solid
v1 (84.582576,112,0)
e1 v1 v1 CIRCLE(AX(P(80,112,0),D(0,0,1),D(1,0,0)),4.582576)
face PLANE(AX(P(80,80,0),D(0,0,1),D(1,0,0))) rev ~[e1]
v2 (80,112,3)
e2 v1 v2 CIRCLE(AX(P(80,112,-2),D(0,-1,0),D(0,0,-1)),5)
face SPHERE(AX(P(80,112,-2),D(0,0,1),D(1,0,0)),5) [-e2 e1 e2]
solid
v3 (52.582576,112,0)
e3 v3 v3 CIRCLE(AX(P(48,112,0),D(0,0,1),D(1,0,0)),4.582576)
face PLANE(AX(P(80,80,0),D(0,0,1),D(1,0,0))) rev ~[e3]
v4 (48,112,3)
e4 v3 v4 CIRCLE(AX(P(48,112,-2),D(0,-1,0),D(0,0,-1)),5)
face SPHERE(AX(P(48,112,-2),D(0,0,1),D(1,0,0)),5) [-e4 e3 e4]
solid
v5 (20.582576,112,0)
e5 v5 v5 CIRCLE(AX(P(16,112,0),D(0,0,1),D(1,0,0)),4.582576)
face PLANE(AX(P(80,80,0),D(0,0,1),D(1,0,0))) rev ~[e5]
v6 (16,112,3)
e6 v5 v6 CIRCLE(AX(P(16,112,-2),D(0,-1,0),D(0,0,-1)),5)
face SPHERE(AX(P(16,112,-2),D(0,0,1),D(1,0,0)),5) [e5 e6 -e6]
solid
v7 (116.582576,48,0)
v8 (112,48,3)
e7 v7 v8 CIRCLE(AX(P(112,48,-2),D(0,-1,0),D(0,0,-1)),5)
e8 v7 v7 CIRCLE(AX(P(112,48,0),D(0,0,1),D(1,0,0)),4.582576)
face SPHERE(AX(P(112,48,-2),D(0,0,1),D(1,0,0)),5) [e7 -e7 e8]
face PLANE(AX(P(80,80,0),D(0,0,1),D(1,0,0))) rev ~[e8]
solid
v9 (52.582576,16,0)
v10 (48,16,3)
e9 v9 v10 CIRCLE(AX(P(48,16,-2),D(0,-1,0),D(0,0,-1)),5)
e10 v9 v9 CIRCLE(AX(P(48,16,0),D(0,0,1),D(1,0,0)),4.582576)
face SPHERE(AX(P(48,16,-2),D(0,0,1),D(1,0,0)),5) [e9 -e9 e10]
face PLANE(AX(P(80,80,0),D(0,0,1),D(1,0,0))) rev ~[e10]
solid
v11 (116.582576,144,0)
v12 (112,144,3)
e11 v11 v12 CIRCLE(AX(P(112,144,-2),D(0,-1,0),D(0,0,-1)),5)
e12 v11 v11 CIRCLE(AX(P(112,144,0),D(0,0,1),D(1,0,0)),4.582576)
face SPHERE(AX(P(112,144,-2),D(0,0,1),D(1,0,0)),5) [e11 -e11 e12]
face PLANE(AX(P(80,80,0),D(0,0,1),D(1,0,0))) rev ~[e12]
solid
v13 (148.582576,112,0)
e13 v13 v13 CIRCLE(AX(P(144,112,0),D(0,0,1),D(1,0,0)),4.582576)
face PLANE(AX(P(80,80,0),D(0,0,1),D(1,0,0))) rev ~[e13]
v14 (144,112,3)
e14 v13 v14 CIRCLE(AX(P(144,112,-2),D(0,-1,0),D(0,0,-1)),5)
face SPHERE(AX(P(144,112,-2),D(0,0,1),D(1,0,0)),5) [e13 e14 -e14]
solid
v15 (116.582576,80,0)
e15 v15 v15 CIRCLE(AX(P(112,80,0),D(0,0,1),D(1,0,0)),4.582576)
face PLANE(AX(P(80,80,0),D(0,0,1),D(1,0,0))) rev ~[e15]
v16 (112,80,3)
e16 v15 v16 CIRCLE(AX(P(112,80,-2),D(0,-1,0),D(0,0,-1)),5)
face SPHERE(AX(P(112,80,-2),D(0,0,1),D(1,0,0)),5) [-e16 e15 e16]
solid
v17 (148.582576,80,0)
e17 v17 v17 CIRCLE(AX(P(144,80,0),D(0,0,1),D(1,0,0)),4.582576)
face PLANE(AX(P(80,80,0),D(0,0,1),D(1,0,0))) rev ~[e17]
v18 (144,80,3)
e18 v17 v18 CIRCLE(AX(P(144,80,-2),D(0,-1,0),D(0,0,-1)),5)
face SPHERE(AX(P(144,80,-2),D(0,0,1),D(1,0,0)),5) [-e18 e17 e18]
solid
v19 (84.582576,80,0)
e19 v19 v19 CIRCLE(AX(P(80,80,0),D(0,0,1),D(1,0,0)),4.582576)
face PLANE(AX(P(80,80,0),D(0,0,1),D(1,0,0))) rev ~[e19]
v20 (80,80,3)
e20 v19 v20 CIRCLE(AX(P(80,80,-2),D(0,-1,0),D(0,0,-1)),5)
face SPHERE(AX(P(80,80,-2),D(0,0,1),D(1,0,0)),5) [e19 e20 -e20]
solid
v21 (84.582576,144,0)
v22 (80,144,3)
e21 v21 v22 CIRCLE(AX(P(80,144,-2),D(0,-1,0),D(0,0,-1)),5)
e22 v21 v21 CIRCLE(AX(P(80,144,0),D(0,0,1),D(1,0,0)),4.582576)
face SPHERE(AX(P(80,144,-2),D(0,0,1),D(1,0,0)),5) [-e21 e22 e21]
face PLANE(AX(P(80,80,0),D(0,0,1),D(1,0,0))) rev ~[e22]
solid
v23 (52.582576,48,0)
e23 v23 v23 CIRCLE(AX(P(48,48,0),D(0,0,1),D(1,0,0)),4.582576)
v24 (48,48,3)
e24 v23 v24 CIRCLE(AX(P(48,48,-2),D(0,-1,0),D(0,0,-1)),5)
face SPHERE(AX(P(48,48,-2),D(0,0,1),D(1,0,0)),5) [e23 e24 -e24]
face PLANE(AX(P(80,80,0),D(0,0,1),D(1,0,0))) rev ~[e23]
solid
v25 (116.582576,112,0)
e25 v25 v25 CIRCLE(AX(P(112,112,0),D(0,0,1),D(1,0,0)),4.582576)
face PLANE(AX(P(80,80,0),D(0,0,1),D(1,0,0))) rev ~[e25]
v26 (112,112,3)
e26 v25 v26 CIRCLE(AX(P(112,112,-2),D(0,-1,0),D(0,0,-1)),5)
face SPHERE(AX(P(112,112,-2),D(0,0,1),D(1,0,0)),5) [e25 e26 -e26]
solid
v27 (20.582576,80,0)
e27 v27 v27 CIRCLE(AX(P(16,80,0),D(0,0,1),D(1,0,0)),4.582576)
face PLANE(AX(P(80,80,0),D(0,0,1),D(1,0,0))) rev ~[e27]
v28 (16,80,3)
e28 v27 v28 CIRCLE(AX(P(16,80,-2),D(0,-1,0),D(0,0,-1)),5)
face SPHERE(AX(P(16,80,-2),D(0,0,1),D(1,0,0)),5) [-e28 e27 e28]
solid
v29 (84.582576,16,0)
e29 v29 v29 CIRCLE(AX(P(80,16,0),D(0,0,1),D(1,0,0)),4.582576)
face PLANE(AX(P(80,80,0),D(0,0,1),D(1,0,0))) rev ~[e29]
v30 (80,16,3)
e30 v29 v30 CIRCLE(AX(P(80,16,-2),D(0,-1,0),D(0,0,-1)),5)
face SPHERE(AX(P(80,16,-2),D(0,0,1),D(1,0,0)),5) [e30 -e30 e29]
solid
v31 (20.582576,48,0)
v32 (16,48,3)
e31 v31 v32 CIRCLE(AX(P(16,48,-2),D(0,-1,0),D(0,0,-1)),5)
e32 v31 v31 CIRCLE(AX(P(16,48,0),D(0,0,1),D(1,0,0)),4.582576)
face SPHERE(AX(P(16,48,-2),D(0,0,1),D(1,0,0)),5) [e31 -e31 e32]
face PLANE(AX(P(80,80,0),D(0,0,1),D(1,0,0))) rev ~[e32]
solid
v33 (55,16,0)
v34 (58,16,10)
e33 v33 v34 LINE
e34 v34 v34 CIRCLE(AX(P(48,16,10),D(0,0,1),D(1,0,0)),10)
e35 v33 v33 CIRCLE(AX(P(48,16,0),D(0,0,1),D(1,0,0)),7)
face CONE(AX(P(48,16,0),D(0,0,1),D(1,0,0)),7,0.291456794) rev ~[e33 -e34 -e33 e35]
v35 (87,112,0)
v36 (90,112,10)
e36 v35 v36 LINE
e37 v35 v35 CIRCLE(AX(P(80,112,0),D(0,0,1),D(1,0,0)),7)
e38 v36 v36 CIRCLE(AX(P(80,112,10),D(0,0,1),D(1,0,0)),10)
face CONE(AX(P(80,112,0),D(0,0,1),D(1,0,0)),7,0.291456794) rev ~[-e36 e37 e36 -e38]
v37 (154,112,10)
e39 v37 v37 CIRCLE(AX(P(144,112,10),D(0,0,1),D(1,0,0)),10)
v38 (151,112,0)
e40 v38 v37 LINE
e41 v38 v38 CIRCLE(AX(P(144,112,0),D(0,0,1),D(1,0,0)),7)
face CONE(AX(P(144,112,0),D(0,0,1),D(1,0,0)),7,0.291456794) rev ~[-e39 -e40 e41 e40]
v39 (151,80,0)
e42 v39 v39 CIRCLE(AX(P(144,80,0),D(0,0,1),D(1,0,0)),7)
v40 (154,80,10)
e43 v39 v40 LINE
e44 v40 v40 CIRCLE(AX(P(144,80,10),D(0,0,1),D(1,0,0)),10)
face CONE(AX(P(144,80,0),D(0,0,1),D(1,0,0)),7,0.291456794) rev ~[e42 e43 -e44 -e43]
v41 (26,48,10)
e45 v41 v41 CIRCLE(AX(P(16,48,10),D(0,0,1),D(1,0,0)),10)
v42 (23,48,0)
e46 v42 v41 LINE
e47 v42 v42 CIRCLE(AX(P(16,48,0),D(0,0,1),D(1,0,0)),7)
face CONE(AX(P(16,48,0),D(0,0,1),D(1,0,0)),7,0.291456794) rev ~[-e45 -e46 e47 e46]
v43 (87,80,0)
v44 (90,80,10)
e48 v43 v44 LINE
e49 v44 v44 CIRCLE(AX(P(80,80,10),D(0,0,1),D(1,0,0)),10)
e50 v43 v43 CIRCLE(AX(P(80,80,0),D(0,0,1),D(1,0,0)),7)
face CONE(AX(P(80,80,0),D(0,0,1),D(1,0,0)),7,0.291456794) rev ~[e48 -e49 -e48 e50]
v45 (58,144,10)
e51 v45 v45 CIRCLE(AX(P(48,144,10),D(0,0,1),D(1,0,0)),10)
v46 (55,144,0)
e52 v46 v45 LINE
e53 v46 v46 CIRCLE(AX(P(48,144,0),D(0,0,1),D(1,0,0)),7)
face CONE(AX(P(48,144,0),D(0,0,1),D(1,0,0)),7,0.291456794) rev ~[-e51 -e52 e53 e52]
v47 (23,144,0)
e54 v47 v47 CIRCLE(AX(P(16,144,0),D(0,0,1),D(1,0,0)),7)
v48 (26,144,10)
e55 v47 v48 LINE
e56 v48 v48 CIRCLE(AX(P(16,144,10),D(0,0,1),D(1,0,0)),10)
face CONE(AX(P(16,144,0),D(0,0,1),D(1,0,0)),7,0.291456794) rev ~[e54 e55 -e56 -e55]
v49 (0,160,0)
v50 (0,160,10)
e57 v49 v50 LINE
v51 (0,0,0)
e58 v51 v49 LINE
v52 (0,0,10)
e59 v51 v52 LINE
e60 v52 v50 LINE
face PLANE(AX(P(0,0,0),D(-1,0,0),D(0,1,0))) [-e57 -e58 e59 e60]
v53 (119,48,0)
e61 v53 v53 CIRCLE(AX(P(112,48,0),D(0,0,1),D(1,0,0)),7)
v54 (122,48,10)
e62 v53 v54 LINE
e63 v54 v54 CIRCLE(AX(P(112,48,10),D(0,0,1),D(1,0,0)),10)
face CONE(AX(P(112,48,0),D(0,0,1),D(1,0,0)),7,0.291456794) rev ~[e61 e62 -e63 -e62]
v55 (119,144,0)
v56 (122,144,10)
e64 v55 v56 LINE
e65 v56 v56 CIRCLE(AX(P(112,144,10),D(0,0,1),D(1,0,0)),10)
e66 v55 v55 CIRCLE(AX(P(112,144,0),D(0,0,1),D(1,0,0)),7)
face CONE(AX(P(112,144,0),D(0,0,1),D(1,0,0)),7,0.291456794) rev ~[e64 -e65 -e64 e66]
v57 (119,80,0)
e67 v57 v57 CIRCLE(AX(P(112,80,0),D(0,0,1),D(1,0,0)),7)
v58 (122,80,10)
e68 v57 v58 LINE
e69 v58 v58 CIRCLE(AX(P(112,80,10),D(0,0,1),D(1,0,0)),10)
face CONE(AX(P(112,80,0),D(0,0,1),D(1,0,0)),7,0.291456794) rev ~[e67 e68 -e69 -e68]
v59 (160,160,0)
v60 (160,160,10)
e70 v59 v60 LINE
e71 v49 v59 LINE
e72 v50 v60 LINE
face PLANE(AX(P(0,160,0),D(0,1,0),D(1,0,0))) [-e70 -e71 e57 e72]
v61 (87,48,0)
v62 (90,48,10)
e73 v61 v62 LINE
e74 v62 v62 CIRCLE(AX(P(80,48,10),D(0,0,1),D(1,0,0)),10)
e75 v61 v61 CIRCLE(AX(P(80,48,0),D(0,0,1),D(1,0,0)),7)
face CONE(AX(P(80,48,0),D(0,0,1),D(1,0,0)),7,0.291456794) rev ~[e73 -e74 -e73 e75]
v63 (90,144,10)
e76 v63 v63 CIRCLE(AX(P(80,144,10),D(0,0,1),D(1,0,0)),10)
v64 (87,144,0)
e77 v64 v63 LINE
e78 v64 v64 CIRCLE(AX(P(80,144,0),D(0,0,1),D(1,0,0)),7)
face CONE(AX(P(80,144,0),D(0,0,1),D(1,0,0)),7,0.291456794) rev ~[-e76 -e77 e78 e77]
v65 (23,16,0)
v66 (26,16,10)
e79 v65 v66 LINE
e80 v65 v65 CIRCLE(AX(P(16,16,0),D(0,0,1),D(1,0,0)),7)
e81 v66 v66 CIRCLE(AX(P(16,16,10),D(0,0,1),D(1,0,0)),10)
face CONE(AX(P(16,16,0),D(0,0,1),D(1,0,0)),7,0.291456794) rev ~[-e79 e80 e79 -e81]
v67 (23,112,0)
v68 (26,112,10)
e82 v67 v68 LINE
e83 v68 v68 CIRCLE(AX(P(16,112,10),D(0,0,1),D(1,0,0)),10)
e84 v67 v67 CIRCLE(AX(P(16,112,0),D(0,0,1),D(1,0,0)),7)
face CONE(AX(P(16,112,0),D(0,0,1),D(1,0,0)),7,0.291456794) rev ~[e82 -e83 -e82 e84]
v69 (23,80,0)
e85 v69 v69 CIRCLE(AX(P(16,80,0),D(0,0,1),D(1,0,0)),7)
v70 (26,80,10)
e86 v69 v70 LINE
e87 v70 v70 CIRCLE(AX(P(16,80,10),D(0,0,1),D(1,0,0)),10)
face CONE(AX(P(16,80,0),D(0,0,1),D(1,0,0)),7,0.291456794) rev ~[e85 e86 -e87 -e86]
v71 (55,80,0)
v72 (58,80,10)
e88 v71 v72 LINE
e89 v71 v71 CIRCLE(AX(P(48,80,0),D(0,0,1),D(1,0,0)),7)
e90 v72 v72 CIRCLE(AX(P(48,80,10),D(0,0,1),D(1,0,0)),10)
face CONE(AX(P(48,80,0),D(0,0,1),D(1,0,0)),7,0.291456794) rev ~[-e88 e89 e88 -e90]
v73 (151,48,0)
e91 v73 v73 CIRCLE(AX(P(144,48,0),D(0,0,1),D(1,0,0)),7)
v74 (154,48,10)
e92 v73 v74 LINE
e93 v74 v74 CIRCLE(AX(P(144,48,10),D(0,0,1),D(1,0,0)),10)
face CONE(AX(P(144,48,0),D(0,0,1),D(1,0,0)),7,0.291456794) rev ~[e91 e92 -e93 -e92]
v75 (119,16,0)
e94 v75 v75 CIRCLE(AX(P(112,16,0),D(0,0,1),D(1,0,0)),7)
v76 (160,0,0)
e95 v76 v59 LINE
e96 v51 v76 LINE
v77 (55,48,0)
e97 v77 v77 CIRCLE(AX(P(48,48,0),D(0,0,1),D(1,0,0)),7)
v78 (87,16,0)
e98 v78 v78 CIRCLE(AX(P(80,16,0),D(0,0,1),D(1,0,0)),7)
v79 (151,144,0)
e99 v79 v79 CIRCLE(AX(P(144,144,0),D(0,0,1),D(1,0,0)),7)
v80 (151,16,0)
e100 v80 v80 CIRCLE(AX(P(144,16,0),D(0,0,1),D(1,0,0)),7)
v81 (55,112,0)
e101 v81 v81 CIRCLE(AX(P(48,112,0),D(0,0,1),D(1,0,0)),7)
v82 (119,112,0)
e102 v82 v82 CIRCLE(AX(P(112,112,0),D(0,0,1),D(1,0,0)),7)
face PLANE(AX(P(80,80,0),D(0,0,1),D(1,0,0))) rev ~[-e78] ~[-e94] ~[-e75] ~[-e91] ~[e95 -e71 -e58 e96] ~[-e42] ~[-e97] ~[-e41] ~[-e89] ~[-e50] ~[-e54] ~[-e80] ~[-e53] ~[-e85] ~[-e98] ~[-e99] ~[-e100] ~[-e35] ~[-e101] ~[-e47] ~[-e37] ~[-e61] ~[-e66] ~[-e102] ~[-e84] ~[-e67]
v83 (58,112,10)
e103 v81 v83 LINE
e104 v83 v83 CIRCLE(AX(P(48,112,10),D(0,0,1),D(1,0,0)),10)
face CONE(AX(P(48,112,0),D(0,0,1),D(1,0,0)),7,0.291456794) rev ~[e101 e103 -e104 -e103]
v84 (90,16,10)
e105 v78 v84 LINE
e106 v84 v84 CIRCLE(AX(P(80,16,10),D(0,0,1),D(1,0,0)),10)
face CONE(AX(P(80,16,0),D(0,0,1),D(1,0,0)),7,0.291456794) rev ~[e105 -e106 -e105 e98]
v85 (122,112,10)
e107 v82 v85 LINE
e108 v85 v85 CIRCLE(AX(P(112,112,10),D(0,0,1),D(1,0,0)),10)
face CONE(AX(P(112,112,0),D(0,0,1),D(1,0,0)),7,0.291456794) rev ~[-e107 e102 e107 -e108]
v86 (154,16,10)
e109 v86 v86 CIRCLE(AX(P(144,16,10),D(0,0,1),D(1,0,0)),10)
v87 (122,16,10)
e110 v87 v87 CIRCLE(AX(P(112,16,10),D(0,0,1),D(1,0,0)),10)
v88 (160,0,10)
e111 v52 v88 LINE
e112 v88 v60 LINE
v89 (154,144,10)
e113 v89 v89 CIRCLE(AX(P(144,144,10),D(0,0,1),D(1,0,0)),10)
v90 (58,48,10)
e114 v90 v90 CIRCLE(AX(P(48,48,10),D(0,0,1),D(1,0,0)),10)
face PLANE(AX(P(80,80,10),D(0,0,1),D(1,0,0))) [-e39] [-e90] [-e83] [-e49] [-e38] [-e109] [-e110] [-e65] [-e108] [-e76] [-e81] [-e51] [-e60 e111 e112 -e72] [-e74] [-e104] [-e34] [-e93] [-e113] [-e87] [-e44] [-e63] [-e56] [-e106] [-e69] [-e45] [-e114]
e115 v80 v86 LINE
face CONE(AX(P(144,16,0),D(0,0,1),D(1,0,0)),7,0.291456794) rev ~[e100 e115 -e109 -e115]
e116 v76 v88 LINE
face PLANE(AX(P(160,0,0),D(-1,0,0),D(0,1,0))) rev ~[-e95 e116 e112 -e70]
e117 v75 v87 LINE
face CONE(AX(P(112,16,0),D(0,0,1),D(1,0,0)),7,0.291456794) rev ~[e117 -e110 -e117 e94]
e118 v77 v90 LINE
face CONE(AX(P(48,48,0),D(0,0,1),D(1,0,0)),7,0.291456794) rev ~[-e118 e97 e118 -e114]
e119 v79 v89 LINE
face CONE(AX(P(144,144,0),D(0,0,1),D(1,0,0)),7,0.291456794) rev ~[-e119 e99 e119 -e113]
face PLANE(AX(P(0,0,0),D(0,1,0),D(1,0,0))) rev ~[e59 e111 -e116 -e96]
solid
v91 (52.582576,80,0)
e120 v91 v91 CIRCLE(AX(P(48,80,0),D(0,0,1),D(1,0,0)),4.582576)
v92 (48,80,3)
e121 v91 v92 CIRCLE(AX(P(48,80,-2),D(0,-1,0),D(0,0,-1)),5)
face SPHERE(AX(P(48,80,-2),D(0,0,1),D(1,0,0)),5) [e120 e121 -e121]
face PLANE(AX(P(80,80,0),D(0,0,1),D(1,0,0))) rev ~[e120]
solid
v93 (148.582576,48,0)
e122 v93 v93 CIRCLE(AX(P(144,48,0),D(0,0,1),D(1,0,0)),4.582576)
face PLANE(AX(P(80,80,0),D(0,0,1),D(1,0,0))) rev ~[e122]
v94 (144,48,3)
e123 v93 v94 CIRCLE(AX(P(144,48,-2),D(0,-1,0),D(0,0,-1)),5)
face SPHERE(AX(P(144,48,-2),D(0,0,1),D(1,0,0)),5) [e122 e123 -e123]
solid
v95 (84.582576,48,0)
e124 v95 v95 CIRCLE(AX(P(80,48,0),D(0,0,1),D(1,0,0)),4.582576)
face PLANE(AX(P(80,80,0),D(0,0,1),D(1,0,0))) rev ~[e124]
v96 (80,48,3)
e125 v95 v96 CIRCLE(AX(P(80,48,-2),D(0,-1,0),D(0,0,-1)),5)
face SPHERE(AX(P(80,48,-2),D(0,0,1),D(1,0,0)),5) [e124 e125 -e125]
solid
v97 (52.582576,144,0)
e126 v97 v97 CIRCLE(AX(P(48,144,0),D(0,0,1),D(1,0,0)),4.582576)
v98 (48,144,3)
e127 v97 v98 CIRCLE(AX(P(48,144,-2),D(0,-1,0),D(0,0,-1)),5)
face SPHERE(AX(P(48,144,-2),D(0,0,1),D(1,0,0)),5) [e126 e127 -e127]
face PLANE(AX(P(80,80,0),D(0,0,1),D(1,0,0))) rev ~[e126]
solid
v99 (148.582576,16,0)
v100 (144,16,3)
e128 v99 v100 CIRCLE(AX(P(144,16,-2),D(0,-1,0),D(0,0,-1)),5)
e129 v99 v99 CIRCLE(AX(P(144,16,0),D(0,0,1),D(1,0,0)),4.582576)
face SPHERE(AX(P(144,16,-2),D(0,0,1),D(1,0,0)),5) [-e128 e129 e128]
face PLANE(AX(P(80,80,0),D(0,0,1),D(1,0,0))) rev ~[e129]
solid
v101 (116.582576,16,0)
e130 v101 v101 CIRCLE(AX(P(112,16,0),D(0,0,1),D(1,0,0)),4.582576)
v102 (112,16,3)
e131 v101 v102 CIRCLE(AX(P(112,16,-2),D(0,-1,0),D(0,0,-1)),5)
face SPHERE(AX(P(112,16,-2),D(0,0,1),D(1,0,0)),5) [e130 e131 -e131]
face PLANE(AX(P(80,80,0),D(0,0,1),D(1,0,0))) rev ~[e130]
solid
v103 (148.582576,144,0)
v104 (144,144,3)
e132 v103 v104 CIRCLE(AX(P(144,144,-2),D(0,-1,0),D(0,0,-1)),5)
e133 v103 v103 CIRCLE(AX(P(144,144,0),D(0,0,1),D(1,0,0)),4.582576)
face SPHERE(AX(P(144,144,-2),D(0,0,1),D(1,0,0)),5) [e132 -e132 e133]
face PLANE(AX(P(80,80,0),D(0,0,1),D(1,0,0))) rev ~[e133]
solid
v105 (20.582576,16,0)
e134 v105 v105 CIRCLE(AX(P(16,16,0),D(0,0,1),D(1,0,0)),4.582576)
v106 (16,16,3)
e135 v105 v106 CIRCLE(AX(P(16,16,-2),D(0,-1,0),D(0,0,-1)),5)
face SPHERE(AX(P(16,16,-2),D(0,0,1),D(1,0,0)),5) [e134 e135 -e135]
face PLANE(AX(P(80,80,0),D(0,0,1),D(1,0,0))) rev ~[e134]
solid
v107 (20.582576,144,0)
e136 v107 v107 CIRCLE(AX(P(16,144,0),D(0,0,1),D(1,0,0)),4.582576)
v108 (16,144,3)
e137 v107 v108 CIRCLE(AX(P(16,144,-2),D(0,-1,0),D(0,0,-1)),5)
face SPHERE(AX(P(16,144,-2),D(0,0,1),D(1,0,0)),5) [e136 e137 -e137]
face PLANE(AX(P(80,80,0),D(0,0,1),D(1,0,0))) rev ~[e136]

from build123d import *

# Parameters (mm, degrees)
ARRAY002_X_COUNT = 5
ARRAY002_X_PITCH = 32
ARRAY002_Y_COUNT = 5
ARRAY002_Y_PITCH = 32
BOX001_W         = 160
BOX001_H         = 160
BOX001_DEPTH     = 10


with BuildPart() as sphere001:
    # Sphere001 → Sphere001 (revolve)
    with BuildSketch(Plane(origin=(0, 0, 36), x_dir=(1, 0, 0), z_dir=(0, -1, 0))):
        with BuildLine():
            ThreePointArc((0, -5), (5, 0), (0, 5))
            Line((0, 5), (0, -5))
        make_face()
    revolve(axis=Axis((0, 0, 36), (0, 0, 1)))


with BuildPart() as agujerosbajos:
    # Cone001 → Cone001 (revolve)
    with BuildSketch(Plane(origin=(0, 0, 38), x_dir=(1, 0, 0), z_dir=(0, -1, 0))):
        Polygon((0, 0), (7, 0), (10, 10), (0, 10), align=None)
    revolve(axis=Axis((0, 0, 38), (0, 0, 1)))

    # Cut001: cut Sphere001
    add(sphere001.part, mode=Mode.SUBTRACT)


with BuildPart() as agujerosbajos_1:
    # Cut001 placement: moved
    add(agujerosbajos.part.moved(Location((16, 16, -38))))

    # Array002 X: AgujerosBajos ×5


with BuildPart() as agujerosbajos_2:
    add(agujerosbajos_1.part)
    with Locations(*[(i * ARRAY002_X_PITCH, 0, 0) for i in range(1, ARRAY002_X_COUNT)]):
        add(agujerosbajos_1.part)

    # Array002 Y: AgujerosBajos ×5


with BuildPart() as agujerosbajos_3:
    add(agujerosbajos_2.part)
    with Locations(*[(0, i * ARRAY002_Y_PITCH, 0) for i in range(1, ARRAY002_Y_COUNT)]):
        add(agujerosbajos_2.part)


with BuildPart() as baseconagujeros:
    # Box001 → Box001 (new body)
    with BuildSketch(Plane.XY):
        with Locations((80, 80)):
            Rectangle(BOX001_W, BOX001_H)
    extrude(amount=BOX001_DEPTH)

    # Cut002: cut AgujerosBajos
    add(agujerosbajos_3.part, mode=Mode.SUBTRACT)


solid = baseconagujeros.part
